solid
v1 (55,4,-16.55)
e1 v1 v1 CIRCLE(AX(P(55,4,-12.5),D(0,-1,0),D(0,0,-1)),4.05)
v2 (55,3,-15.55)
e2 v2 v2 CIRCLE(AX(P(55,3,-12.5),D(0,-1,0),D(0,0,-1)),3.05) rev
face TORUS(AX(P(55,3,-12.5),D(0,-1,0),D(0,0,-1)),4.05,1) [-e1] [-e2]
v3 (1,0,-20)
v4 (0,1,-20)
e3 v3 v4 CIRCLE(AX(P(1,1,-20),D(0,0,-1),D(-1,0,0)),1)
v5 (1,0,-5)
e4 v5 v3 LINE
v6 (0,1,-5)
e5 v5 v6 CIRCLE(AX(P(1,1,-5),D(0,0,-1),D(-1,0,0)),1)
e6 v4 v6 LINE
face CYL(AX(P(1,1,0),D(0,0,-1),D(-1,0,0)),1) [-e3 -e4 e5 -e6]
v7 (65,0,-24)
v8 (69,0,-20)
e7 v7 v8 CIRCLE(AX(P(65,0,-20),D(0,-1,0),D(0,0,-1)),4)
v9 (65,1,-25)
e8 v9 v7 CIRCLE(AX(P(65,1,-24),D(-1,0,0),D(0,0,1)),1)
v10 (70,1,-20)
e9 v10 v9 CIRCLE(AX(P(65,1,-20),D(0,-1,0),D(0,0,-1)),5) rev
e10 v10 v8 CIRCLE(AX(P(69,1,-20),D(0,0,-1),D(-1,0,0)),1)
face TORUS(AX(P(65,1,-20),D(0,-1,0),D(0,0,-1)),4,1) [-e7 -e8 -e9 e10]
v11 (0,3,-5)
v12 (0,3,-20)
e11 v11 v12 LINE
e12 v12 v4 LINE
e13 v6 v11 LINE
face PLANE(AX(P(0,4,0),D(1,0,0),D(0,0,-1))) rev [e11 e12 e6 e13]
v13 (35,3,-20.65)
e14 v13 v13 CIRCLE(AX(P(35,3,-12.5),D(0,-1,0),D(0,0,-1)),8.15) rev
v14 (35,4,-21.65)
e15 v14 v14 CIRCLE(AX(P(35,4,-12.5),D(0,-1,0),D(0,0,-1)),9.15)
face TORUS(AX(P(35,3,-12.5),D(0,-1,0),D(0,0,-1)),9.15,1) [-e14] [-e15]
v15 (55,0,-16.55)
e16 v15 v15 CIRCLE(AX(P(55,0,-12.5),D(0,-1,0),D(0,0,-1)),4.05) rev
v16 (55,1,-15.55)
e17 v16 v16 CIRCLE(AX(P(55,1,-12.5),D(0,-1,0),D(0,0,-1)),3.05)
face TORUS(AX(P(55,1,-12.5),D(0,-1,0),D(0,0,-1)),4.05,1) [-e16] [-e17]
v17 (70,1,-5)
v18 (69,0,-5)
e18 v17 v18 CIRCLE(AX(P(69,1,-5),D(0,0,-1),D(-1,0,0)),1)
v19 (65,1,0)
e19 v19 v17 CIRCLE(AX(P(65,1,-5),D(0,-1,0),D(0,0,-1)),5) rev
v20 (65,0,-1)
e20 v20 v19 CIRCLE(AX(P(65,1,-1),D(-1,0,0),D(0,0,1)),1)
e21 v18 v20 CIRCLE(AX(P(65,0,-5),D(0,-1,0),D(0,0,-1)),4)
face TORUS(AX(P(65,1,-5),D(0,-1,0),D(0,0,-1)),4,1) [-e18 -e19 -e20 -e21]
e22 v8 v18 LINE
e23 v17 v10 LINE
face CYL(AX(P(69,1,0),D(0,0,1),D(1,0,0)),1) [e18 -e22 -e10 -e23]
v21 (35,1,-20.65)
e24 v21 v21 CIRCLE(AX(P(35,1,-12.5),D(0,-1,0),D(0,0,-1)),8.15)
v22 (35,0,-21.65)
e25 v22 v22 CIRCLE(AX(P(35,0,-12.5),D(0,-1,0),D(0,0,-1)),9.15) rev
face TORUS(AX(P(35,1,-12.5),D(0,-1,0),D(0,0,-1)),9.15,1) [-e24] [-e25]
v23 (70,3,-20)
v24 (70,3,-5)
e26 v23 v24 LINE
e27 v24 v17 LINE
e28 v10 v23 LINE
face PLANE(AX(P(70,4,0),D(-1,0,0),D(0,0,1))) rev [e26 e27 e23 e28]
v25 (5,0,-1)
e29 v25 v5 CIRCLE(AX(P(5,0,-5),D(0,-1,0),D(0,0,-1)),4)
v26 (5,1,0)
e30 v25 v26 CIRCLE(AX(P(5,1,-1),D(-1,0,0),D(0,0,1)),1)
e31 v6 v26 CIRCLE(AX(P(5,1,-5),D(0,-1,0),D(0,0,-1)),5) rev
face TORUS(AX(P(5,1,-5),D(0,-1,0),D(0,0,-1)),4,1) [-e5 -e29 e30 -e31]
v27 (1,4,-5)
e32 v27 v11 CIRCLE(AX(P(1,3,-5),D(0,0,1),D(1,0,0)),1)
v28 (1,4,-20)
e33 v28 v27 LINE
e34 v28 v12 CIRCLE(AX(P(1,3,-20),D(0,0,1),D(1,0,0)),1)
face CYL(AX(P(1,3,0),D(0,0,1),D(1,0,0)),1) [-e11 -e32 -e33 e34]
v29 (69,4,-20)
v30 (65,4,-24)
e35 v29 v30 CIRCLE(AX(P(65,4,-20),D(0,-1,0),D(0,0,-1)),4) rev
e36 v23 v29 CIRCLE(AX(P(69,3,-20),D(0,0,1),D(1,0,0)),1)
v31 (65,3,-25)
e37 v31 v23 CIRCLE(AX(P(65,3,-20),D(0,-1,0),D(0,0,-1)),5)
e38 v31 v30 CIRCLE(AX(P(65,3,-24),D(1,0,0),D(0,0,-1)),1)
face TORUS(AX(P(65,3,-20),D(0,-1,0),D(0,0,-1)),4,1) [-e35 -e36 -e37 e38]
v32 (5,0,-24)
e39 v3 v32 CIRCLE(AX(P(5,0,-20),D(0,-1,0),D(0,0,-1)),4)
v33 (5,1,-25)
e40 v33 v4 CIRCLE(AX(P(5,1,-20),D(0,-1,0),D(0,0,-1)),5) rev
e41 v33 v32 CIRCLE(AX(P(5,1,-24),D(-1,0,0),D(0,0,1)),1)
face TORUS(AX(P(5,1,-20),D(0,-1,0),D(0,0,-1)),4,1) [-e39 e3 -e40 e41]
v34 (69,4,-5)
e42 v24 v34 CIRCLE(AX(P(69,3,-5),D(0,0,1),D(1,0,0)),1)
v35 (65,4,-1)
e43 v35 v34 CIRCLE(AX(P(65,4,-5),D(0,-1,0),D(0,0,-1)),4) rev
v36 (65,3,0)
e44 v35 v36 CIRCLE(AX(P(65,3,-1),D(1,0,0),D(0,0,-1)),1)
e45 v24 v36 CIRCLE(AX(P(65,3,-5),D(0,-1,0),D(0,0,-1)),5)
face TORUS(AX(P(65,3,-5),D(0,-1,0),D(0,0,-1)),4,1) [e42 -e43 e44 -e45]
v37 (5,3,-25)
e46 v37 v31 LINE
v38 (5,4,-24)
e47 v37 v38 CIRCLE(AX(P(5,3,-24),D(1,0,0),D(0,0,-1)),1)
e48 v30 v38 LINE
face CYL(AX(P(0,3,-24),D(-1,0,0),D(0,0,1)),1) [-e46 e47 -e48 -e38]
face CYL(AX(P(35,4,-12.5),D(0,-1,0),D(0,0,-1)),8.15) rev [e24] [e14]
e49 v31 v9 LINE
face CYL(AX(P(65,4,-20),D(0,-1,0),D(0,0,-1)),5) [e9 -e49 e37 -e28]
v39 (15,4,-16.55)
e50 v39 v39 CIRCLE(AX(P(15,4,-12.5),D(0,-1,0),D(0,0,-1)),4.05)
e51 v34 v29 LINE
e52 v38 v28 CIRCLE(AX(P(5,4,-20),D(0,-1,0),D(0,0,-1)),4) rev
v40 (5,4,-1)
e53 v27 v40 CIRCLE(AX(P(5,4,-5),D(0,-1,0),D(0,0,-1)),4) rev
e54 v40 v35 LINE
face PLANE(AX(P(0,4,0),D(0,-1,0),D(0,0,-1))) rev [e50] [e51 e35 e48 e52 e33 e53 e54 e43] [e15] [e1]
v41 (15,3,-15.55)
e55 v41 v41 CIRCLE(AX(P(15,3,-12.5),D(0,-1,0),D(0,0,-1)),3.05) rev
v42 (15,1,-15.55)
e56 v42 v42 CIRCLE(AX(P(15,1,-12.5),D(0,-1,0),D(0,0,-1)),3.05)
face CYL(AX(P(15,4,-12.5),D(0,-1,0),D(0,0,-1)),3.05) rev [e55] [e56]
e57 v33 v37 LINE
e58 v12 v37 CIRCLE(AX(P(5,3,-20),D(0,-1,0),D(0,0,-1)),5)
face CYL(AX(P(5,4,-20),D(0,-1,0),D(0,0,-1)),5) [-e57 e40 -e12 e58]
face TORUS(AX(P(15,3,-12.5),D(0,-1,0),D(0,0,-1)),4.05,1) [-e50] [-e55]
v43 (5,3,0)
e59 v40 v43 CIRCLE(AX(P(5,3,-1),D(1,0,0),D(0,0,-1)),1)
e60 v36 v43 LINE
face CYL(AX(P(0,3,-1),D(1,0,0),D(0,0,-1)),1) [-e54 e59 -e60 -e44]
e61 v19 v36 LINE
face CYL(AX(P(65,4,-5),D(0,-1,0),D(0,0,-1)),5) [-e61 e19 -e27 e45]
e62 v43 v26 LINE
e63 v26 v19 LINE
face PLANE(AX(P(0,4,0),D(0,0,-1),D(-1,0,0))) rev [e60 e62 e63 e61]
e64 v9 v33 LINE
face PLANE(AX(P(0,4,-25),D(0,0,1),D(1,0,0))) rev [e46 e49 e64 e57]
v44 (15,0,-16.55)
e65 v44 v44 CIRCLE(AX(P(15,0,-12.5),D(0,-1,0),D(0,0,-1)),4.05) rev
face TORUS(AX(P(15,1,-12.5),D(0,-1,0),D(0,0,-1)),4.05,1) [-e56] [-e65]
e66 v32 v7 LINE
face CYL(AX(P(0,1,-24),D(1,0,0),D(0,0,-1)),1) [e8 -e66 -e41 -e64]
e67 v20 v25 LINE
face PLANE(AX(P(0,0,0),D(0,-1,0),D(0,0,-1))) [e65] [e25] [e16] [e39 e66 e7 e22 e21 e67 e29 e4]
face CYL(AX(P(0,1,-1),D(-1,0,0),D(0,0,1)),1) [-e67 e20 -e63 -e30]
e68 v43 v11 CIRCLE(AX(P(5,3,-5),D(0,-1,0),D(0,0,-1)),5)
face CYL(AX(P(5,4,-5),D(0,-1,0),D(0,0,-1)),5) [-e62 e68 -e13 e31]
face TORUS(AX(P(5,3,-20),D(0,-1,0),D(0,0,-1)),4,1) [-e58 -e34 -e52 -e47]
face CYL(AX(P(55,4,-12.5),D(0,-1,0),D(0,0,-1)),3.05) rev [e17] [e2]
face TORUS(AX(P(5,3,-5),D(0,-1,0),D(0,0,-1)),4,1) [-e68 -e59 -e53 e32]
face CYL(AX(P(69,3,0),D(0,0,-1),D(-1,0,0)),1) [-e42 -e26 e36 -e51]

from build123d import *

# Parameters (mm, degrees)
SKETCH1_W           = 70
SKETCH1_H           = 25
SKETCH1_R           = 3.05
SKETCH1_R_2         = 8.15
BOSS_EXTRUDE1_DEPTH = 4
FILLET1_R           = 5
FILLET2_R           = 1


with BuildPart() as part:
    # Sketch1 → Boss-Extrude1 (new body)
    with BuildSketch(Plane(origin=(0, 0, 0), x_dir=(1, 0, 0), z_dir=(0, 1, 0))):
        with Locations((35, 12.5)):
            Rectangle(SKETCH1_W, SKETCH1_H)
        with Locations(Location((15, 12.5, 0), (0, 0, 270))):
            Circle(SKETCH1_R, mode=Mode.SUBTRACT)
        with Locations(Location((35, 12.5, 0), (0, 0, 270))):
            Circle(SKETCH1_R_2, mode=Mode.SUBTRACT)
        with Locations(Location((55, 12.5, 0), (0, 0, 90))):
            Circle(SKETCH1_R, mode=Mode.SUBTRACT)
    extrude(amount=BOSS_EXTRUDE1_DEPTH)

    # Fillet1
    fillet1_edges = [part.edges().sort_by_distance(p)[0] for p in [
        (0, 2, -25),
        (70, 2, -25),
        (70, 2, 0),
        (0, 2, 0),
    ]]
    fillet(fillet1_edges, radius=FILLET1_R)

    # Fillet2
    fillet2_edges = [part.edges().sort_by_distance(p)[0] for p in [
        (15, 0, -15.55),
        (15, 4, -15.55),
        (35, 0, -20.65),
        (35, 4, -20.65),
        (55, 0, -9.45),
        (55, 4, -9.45),
        (35, 0, -25),
        (35, 4, -25),
        (0, 0, -12.5),
        (70, 0, -12.5),
        (35, 0, 0),
        (68.535533906, 0, -1.464466094),
        (1.464466094, 0, -1.464466094),
        (1.464466094, 0, -23.535533906),
        (68.535533906, 0, -23.535533906),
        (70, 4, -12.5),
        (0, 4, -12.5),
        (35, 4, 0),
        (68.535533906, 4, -1.464466094),
        (1.464466094, 4, -1.464466094),
        (1.464466094, 4, -23.535533906),
        (68.535533906, 4, -23.535533906),
    ]]
    fillet(fillet2_edges, radius=FILLET2_R)


solid = part.part
